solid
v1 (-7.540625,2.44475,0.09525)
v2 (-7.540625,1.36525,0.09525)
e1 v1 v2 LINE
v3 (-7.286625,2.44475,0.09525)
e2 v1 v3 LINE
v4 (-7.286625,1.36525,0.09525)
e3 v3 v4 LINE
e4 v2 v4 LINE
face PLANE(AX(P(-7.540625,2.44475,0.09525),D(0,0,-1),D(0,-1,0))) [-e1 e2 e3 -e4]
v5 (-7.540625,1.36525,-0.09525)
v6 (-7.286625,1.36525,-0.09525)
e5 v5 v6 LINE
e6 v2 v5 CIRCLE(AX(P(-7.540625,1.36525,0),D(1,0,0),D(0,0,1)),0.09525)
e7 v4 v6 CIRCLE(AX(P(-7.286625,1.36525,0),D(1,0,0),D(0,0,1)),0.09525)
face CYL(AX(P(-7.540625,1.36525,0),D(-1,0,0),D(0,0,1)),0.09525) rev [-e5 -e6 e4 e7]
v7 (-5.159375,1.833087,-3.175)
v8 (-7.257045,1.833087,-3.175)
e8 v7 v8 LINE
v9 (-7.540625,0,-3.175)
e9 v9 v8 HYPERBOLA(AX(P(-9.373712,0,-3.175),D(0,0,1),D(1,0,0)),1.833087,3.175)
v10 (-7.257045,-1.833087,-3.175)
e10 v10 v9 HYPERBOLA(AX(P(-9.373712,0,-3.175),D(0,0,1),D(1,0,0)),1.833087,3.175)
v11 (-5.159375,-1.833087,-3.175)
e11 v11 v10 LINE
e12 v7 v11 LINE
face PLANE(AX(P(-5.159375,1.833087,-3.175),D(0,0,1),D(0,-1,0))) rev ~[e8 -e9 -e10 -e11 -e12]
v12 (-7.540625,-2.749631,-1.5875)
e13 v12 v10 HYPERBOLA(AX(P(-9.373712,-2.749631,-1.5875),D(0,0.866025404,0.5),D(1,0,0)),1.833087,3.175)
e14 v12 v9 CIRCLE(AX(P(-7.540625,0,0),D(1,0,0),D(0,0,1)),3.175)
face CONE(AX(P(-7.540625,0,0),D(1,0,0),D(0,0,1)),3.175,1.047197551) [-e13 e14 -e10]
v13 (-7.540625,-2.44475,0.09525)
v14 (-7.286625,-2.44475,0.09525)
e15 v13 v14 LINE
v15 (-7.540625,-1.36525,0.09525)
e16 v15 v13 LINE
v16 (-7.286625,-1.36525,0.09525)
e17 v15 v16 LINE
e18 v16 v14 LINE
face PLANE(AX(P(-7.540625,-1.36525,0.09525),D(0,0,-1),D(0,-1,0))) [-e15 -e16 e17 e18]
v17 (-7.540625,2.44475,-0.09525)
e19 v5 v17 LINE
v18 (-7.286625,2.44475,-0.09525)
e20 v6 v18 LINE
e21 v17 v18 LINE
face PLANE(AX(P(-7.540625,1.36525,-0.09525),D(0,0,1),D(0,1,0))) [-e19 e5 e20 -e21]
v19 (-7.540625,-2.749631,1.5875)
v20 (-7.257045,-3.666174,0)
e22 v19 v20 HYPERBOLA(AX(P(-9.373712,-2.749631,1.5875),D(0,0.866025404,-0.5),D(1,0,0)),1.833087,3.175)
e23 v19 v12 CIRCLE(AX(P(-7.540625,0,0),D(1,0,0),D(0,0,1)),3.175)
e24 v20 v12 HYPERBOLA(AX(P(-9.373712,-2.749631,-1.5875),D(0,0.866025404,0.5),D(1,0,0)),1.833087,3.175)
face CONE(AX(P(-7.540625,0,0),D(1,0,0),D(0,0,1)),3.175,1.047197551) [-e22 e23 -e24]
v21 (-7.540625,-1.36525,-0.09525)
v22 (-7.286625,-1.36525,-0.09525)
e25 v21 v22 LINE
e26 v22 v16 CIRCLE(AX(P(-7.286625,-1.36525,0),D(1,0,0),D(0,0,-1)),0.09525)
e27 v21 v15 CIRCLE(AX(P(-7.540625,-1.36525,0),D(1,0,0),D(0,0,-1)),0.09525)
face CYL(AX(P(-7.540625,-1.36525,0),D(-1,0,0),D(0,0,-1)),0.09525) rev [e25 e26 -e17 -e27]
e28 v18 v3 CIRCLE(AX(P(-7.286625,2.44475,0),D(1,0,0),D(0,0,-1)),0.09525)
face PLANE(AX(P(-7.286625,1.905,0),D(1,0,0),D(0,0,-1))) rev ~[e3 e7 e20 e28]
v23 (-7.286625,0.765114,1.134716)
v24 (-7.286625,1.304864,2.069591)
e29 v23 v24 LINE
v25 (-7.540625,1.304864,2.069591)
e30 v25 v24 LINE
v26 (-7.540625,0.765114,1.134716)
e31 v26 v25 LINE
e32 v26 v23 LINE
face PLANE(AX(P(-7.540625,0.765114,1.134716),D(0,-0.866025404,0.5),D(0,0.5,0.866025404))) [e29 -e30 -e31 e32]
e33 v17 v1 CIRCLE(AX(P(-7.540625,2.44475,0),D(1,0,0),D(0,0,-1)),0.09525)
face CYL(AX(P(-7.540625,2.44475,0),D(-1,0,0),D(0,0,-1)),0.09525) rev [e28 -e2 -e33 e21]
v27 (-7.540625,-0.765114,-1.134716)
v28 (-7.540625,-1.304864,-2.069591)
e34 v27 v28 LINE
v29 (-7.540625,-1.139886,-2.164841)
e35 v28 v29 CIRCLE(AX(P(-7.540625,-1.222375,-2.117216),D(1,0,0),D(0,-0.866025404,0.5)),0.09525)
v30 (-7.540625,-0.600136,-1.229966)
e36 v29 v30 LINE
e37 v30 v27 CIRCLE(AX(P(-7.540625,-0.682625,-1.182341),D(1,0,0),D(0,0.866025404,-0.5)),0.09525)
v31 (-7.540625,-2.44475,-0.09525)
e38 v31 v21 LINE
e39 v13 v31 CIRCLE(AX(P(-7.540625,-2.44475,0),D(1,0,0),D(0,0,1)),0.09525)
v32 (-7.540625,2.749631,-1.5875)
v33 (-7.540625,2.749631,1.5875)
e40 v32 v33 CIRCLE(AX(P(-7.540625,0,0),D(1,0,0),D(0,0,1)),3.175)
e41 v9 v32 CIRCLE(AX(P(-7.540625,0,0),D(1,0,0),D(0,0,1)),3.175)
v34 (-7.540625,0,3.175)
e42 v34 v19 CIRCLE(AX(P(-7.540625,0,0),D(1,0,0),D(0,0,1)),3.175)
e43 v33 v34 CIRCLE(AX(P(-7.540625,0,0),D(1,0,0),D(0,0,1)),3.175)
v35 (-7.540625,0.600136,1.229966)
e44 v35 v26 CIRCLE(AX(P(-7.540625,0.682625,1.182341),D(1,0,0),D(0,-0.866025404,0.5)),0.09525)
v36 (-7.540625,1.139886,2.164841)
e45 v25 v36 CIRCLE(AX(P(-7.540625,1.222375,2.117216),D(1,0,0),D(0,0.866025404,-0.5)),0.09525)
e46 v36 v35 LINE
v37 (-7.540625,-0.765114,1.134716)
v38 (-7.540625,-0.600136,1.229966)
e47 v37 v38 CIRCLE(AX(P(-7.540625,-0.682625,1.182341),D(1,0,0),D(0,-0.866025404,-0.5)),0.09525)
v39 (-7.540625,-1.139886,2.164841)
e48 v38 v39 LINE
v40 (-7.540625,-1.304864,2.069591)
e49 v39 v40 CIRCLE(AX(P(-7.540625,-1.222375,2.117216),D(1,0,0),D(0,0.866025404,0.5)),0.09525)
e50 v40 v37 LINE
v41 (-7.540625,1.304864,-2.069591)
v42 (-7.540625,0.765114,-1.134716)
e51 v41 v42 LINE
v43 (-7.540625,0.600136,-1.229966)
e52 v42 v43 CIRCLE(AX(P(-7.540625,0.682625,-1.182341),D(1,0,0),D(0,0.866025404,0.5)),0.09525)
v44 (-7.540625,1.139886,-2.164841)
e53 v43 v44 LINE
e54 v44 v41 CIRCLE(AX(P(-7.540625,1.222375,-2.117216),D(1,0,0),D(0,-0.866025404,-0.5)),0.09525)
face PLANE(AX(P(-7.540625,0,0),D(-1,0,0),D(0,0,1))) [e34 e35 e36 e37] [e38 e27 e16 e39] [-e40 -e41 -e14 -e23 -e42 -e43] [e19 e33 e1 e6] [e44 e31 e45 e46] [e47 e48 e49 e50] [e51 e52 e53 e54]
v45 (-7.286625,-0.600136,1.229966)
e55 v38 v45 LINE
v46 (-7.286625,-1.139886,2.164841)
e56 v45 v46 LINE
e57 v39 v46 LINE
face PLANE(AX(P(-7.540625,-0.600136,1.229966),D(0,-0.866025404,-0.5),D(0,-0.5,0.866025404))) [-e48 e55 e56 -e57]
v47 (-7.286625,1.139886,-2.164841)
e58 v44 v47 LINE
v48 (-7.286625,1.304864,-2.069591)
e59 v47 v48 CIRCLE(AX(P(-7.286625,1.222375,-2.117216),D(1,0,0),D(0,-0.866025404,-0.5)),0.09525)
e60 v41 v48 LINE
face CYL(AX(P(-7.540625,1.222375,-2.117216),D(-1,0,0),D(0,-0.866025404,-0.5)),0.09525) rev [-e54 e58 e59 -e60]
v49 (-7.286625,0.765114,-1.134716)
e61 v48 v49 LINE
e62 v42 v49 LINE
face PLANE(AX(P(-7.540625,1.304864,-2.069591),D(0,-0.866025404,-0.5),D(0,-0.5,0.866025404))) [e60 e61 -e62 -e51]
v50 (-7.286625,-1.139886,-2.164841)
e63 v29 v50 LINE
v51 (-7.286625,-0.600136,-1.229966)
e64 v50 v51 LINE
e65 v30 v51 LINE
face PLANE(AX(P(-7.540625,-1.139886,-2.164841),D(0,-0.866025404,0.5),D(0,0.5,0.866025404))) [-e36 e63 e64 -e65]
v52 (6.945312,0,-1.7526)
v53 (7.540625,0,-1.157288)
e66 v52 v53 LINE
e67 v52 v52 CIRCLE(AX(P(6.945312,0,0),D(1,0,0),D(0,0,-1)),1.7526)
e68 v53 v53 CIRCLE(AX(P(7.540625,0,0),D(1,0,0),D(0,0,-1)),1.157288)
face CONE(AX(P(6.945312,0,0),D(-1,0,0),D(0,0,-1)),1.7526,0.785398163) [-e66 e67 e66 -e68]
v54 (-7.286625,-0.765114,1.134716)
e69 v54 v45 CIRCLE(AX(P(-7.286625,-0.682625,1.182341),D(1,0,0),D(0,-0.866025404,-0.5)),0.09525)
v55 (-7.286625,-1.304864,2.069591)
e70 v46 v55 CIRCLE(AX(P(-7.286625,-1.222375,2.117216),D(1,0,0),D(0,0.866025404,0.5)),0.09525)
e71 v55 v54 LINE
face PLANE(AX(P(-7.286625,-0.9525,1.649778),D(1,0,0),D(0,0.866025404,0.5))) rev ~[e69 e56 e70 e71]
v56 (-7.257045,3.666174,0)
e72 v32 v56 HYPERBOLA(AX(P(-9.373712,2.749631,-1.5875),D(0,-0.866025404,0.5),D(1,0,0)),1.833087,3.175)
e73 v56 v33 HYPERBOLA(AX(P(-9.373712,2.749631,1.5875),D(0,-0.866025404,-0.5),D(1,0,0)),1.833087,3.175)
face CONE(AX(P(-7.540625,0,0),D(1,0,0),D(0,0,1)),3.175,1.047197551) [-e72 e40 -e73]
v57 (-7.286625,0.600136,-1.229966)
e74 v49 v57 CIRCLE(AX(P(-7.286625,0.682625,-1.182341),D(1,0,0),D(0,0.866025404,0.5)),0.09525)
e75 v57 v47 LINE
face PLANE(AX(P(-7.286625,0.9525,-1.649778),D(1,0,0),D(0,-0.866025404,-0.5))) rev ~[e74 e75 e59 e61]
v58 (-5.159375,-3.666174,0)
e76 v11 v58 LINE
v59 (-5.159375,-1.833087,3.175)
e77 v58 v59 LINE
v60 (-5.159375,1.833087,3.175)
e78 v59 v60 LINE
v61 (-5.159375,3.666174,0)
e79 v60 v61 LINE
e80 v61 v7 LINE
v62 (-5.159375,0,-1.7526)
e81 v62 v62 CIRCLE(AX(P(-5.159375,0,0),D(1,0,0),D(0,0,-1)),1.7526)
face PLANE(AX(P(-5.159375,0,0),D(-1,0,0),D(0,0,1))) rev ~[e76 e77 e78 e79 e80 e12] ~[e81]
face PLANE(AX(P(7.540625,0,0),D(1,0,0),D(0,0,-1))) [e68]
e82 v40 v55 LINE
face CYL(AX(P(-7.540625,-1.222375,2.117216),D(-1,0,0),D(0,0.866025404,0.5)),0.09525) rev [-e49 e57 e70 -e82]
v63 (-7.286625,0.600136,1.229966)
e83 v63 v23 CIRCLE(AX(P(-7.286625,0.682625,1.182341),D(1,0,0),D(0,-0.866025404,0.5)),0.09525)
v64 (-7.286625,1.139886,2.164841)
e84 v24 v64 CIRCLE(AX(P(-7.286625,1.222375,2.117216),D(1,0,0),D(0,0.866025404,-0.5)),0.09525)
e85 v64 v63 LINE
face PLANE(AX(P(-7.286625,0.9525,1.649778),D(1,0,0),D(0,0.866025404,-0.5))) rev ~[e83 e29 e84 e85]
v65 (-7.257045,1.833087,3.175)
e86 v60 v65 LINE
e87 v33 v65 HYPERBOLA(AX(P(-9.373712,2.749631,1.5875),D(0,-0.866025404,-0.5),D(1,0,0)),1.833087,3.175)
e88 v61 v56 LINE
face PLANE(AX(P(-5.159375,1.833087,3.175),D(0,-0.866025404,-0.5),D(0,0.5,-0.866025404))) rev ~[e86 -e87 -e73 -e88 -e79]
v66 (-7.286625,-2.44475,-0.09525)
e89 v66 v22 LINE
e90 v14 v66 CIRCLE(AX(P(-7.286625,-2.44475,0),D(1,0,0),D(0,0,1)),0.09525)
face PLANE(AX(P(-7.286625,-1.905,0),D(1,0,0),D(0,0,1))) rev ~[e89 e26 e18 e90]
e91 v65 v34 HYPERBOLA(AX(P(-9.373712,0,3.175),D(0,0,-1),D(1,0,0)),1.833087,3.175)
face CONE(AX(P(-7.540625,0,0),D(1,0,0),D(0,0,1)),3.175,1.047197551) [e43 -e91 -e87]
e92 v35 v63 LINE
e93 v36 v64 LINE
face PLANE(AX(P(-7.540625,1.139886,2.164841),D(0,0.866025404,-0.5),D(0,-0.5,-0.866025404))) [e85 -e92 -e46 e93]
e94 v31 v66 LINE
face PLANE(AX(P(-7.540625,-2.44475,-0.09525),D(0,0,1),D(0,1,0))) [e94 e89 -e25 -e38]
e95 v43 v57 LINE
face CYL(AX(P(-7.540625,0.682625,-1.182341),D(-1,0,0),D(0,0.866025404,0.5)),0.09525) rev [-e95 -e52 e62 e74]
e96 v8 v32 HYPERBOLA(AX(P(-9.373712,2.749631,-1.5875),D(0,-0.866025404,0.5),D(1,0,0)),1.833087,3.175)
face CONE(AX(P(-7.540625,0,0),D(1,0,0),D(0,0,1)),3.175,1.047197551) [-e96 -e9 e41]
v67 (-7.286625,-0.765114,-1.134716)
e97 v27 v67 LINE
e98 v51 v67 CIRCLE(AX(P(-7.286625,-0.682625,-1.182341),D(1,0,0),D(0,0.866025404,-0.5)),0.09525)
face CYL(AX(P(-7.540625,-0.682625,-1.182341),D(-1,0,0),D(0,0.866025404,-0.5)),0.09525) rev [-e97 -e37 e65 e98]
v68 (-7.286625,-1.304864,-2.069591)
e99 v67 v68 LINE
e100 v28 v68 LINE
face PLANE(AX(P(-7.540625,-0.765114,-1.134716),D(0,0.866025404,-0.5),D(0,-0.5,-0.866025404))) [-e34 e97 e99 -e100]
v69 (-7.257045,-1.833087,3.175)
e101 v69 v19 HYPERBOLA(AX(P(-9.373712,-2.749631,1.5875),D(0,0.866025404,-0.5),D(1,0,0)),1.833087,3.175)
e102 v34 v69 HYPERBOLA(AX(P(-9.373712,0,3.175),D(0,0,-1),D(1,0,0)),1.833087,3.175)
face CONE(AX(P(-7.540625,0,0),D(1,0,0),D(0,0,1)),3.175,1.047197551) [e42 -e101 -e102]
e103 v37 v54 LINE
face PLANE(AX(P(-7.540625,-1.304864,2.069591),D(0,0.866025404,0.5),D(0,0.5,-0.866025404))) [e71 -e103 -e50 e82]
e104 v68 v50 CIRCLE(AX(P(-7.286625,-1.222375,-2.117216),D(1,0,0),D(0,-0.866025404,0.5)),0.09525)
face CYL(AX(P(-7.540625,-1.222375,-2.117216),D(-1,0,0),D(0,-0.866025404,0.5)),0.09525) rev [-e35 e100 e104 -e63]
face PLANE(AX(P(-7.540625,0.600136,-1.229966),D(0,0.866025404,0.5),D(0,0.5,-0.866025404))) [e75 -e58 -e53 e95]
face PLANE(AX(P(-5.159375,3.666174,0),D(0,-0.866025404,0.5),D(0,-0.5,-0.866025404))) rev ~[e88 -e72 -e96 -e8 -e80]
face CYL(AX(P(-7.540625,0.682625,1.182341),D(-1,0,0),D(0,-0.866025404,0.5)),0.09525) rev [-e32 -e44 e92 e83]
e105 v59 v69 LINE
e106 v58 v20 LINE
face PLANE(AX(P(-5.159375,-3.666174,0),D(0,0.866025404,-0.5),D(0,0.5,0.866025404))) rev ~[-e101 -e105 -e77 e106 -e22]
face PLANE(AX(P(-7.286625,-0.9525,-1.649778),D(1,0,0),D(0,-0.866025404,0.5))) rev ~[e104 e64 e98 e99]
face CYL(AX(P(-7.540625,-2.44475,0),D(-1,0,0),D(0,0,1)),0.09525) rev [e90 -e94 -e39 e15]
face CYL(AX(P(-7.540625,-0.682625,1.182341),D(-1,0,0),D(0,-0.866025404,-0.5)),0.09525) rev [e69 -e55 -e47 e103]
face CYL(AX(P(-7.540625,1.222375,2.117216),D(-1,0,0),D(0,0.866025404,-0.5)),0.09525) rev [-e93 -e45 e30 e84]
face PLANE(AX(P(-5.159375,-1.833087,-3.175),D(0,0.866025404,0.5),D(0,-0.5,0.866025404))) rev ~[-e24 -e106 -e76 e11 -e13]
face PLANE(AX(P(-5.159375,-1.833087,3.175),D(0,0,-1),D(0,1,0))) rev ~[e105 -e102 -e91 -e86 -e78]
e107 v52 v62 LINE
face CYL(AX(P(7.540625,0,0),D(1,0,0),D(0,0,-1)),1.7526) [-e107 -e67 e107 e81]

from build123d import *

# Parameters (mm, degrees)
SKETCH5_R           = 1.7526
BOSS_EXTRUDE3_DEPTH = 12.7
CHAMFER1_SIZE       = 0.5953125
BOSS_EXTRUDE4_DEPTH = 2.38125
SKETCH8_OUTSIDE_W   = 67.644
SKETCH8_OUTSIDE_H   = 68.626
SKETCH8_OUTSIDE_R   = 3.175
CUT_EXTRUDE3_DEPTH  = 16.08125
CUT_EXTRUDE3_TAPER  = 60
CUT_EXTRUDE4_DEPTH  = 0.254
CIRPATTERN1_COUNT   = 6


with BuildPart() as part:
    # Sketch5 → Boss-Extrude3 (new body)
    with BuildSketch(Plane(origin=(7.540625, 0, 0), x_dir=(0, 0, -1), z_dir=(1, 0, 0))):
        Circle(SKETCH5_R)
    extrude(amount=-BOSS_EXTRUDE3_DEPTH)

    # Chamfer1
    chamfer1_edges = [part.edges().sort_by_distance(p)[0] for p in [
        (7.540625, 0, 1.7526),
    ]]
    chamfer(chamfer1_edges, length=CHAMFER1_SIZE)

    # Sketch6 → Boss-Extrude4 (add)
    with BuildSketch(Plane.ZY.offset(5.159375)):
        Polygon((3.175, 1.833087105), (0, 3.666174209), (-3.175, 1.833087105), (-3.175, -1.833087105), (0, -3.666174209), (3.175, -1.833087105), align=None)
    extrude(amount=BOSS_EXTRUDE4_DEPTH)

    # Sketch8 outside → Cut-Extrude3 (cut, through all)
    with BuildSketch(Plane.ZY.offset(7.540625)):
        Rectangle(SKETCH8_OUTSIDE_W, SKETCH8_OUTSIDE_H)
        Circle(SKETCH8_OUTSIDE_R, mode=Mode.SUBTRACT)
    extrude(amount=-CUT_EXTRUDE3_DEPTH, taper=CUT_EXTRUDE3_TAPER, mode=Mode.SUBTRACT)

    # Sketch12 → Cut-Extrude4 (cut)
    with BuildSketch(Plane.ZY.offset(7.540625)):
        with BuildLine():
            Line((0.09525, 2.44475), (0.09525, 1.36525))
            ThreePointArc((0.09525, 1.36525), (0, 1.27), (-0.09525, 1.36525))
            Line((-0.09525, 1.36525), (-0.09525, 2.44475))
            ThreePointArc((-0.09525, 2.44475), (0, 2.54), (0.09525, 2.44475))
        make_face()
    cut_extrude4 = extrude(amount=-CUT_EXTRUDE4_DEPTH, mode=Mode.SUBTRACT)

    # CirPattern1: Cut-Extrude4 ×6 about axis
    cirpattern1_axis = Axis((0, 0, 0), (1, 0, 0))
    for i in range(1, CIRPATTERN1_COUNT):
        add(cut_extrude4.rotate(cirpattern1_axis, i * 360 / CIRPATTERN1_COUNT), mode=Mode.SUBTRACT)


solid = part.part
